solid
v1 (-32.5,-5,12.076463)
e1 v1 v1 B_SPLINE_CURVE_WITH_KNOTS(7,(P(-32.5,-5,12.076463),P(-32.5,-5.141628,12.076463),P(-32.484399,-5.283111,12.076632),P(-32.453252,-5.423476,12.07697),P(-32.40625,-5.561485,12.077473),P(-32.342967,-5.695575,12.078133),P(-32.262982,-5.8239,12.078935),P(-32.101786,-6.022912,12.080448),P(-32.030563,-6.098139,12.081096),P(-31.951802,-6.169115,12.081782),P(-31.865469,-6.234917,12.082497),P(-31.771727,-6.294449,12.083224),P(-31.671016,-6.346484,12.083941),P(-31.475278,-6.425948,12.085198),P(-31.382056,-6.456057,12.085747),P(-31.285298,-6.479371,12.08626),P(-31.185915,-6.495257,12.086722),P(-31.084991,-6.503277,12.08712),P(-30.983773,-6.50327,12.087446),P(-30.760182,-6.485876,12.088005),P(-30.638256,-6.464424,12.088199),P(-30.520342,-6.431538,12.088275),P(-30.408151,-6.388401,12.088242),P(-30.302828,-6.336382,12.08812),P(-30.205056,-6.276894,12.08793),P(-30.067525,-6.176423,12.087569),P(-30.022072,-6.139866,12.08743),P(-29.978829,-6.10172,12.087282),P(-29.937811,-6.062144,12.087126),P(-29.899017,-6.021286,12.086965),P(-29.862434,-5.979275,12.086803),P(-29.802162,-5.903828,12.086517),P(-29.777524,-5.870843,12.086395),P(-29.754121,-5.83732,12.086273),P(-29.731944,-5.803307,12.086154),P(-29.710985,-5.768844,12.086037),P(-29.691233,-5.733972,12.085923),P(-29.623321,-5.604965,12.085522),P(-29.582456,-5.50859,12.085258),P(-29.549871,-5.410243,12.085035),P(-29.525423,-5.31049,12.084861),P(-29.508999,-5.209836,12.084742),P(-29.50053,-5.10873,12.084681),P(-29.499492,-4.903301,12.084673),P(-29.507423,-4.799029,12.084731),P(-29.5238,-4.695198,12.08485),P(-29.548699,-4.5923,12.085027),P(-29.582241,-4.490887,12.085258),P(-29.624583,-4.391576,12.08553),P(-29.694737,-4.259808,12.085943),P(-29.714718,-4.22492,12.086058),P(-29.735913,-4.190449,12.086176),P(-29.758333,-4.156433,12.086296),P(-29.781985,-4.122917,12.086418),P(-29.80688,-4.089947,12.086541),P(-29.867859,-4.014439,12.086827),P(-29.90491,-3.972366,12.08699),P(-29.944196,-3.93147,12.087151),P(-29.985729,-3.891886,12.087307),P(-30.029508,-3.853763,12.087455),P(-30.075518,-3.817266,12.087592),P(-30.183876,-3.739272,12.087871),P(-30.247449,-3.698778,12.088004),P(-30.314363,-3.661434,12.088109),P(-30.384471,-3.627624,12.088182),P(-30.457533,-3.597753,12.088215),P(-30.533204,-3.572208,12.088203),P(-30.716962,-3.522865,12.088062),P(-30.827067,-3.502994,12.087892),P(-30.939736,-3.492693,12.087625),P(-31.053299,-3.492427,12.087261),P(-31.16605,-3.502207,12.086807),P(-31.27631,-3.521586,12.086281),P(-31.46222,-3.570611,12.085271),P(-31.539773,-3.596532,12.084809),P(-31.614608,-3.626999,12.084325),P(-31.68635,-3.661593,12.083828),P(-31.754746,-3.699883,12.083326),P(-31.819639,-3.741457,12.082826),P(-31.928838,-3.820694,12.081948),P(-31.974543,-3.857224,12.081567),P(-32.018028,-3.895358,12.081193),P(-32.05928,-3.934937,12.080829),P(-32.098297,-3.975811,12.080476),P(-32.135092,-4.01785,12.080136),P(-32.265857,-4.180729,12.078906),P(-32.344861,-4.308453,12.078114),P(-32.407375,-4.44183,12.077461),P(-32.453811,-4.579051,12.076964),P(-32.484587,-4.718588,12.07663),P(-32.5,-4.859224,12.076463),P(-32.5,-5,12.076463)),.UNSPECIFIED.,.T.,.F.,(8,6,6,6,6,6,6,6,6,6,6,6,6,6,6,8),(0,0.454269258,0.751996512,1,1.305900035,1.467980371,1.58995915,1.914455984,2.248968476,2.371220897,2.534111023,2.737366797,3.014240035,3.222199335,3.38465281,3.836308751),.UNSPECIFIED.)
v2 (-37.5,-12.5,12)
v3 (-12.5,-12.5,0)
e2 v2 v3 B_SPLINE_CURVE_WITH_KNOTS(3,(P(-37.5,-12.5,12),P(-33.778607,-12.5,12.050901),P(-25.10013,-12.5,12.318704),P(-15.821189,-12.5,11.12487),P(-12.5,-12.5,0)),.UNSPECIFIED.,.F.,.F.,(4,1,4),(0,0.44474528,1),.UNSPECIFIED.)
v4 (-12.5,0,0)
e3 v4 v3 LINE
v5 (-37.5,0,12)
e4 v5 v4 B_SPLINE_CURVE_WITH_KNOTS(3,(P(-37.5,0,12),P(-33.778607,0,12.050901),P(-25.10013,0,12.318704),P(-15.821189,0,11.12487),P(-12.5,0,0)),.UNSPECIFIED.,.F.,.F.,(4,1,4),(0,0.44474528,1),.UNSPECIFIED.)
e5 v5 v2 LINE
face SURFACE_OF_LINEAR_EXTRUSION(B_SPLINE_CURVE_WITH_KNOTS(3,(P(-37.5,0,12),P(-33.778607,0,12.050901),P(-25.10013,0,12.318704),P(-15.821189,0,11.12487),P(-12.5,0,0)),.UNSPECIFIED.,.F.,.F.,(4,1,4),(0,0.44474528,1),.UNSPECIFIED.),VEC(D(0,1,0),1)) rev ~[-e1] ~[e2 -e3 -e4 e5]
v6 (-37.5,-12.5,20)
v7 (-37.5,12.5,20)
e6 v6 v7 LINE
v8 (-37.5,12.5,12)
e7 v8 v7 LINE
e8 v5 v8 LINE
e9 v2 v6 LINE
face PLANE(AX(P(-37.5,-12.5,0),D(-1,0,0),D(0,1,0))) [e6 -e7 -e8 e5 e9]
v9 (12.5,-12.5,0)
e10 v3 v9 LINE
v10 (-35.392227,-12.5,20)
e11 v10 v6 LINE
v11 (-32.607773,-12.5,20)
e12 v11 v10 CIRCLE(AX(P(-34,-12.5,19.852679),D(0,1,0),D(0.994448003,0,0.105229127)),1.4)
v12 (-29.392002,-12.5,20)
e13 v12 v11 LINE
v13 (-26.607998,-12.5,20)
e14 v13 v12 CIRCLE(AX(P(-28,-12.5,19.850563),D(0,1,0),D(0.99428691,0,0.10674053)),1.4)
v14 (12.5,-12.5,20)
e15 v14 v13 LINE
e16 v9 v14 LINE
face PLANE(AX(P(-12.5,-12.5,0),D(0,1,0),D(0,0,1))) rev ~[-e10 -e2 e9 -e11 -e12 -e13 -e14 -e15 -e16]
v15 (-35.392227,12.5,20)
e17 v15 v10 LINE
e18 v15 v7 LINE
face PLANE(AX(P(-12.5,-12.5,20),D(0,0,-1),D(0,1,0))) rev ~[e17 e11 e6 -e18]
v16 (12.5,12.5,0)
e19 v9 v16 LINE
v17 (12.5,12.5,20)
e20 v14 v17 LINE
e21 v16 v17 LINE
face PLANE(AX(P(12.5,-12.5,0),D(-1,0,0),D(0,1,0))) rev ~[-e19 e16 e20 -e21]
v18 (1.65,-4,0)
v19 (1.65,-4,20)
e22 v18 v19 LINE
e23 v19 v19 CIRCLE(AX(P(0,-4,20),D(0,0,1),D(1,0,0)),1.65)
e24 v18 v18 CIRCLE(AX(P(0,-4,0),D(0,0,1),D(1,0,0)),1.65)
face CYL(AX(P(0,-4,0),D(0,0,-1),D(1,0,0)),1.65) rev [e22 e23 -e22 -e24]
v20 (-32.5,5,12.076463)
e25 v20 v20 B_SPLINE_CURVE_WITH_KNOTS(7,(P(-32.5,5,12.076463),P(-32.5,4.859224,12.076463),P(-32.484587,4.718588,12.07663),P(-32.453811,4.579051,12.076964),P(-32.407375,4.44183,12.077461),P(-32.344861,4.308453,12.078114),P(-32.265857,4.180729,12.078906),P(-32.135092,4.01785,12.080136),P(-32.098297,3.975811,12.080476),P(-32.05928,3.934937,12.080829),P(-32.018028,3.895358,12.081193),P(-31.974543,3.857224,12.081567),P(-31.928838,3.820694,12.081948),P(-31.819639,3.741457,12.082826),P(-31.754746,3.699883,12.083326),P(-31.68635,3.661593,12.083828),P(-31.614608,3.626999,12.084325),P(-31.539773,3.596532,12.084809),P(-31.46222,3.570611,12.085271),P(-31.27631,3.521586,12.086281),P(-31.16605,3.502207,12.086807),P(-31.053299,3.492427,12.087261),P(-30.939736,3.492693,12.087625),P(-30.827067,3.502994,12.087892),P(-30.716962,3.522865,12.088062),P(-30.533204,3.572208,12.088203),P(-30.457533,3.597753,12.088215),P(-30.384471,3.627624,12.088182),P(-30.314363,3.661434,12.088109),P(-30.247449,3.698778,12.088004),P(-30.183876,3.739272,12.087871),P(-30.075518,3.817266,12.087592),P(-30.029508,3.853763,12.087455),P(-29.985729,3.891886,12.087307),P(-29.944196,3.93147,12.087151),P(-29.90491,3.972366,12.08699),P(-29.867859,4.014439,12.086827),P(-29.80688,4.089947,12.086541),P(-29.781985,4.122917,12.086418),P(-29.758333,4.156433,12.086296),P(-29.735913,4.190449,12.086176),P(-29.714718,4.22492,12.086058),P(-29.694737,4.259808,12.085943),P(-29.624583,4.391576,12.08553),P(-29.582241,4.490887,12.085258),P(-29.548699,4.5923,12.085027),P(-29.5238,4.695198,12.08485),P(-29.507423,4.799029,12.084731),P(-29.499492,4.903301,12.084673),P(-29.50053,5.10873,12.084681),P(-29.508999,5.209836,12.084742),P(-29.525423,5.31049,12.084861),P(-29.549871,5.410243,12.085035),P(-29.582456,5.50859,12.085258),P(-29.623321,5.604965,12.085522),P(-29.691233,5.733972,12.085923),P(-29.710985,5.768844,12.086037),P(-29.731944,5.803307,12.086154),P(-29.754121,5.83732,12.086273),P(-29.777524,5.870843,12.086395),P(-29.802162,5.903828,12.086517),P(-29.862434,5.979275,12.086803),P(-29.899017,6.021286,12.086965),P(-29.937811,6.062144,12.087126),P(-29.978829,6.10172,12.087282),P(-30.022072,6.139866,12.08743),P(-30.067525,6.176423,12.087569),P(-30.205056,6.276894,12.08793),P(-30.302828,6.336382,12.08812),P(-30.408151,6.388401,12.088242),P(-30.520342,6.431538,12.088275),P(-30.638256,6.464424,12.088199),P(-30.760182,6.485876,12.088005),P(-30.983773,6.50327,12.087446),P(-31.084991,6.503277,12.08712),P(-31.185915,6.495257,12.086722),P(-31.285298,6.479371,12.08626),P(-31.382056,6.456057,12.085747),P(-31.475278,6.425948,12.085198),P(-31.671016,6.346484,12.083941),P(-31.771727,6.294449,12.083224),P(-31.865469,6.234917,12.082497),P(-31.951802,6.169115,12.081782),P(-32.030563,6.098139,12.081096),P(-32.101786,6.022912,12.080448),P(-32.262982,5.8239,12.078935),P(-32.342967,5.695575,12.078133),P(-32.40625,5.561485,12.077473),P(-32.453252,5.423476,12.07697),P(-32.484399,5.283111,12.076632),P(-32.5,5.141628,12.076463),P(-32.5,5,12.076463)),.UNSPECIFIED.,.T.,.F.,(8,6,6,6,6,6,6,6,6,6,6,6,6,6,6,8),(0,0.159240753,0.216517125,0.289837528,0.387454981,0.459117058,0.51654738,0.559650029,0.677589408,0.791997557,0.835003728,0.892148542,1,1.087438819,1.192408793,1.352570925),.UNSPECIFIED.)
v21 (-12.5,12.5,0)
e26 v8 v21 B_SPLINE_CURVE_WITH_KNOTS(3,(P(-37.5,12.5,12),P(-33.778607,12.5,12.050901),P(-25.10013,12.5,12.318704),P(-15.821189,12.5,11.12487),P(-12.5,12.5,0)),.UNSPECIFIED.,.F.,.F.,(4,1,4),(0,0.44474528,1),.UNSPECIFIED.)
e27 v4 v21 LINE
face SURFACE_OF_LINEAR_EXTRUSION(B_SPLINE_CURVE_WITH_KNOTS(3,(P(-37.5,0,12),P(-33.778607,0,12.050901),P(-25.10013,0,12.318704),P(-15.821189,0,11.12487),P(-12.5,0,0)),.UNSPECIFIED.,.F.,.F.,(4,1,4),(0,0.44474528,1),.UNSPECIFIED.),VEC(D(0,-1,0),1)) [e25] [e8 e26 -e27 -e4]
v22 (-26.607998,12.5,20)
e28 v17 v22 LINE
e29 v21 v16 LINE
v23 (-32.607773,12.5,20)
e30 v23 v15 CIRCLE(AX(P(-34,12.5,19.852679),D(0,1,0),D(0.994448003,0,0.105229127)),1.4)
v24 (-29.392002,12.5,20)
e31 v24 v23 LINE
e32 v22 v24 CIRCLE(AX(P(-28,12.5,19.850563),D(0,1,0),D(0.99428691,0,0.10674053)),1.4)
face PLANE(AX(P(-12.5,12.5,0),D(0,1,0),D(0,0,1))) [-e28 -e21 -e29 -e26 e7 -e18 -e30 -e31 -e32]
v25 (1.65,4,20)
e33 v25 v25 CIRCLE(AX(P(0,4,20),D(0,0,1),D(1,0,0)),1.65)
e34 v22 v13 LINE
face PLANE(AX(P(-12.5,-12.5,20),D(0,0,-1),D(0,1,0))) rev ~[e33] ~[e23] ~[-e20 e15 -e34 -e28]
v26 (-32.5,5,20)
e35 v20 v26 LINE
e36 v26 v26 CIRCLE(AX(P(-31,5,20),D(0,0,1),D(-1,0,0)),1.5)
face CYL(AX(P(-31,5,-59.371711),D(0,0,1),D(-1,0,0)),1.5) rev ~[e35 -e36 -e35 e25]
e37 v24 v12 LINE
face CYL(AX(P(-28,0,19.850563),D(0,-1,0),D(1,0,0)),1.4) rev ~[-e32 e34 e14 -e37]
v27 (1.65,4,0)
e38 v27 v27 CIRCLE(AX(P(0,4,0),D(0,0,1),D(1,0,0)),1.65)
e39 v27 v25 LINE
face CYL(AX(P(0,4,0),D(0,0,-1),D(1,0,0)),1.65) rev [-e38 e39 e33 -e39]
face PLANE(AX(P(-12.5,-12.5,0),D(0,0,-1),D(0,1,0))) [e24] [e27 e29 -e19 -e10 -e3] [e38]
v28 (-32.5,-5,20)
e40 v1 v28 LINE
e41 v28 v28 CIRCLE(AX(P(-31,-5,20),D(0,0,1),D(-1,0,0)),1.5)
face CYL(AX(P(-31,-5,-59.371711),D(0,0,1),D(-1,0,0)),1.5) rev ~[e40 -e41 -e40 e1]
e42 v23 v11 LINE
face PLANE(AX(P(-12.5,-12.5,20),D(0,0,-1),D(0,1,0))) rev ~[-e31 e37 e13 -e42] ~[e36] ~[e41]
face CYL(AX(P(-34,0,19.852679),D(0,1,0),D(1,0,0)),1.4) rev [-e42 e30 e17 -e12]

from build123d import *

# Parameters (mm, degrees)
F0_W     = 25
F0_H     = 25
F0_R     = 1.65
F1_DEPTH = 20
F2_DEPTH = 25
F3_R     = 1.4
F4_DEPTH = 12.5
F6_D     = 3


with BuildPart() as f1:
    # F0 (on Top) → F1 (new body)
    with BuildSketch(Plane.XY):
        Rectangle(F0_W, F0_H)
        with Locations((0, -4)):
            Circle(F0_R, mode=Mode.SUBTRACT)
        with Locations((0, 4)):
            Circle(F0_R, mode=Mode.SUBTRACT)
    extrude(amount=F1_DEPTH)

    # F2 (add): a face of the model
    f2_faces = [f1.faces().sort_by_distance(p)[0] for p in [
        (-12.5, 0, 10),
    ]]
    extrude(f2_faces, amount=F2_DEPTH)

    # F3 (on Front) → F4 (cut, symmetric)
    with BuildSketch(Plane.XZ):
        with BuildLine():
            add(Edge.make_bspline(
                [(-37.5, 12), (-33.778607057, 12.0509013714), (-25.1001296566, 12.3187041592), (-15.8211888541, 11.1248698681), (-12.5, 0)],
                knots=[0, 0, 0, 0, 0.44474528, 1, 1, 1, 1], degree=3))
            Line((-37.5, 12), (-37.5, 0))
            Line((-37.5, 0), (-12.5, 0))
        make_face()
        with Locations((-34, 19.8526792228)):
            Circle(F3_R)
        with Locations((-28, 19.8505632579)):
            Circle(F3_R)
    extrude(amount=F4_DEPTH, both=True, mode=Mode.SUBTRACT)

    # F6 (through all)
    with Locations(Plane(origin=(0, 0, 0), x_dir=(1, 0, 0), z_dir=(0, 0, -1))):
        with Locations((-31, 5), (-31, -5)):
            Hole(F6_D / 2)


solid = f1.part
